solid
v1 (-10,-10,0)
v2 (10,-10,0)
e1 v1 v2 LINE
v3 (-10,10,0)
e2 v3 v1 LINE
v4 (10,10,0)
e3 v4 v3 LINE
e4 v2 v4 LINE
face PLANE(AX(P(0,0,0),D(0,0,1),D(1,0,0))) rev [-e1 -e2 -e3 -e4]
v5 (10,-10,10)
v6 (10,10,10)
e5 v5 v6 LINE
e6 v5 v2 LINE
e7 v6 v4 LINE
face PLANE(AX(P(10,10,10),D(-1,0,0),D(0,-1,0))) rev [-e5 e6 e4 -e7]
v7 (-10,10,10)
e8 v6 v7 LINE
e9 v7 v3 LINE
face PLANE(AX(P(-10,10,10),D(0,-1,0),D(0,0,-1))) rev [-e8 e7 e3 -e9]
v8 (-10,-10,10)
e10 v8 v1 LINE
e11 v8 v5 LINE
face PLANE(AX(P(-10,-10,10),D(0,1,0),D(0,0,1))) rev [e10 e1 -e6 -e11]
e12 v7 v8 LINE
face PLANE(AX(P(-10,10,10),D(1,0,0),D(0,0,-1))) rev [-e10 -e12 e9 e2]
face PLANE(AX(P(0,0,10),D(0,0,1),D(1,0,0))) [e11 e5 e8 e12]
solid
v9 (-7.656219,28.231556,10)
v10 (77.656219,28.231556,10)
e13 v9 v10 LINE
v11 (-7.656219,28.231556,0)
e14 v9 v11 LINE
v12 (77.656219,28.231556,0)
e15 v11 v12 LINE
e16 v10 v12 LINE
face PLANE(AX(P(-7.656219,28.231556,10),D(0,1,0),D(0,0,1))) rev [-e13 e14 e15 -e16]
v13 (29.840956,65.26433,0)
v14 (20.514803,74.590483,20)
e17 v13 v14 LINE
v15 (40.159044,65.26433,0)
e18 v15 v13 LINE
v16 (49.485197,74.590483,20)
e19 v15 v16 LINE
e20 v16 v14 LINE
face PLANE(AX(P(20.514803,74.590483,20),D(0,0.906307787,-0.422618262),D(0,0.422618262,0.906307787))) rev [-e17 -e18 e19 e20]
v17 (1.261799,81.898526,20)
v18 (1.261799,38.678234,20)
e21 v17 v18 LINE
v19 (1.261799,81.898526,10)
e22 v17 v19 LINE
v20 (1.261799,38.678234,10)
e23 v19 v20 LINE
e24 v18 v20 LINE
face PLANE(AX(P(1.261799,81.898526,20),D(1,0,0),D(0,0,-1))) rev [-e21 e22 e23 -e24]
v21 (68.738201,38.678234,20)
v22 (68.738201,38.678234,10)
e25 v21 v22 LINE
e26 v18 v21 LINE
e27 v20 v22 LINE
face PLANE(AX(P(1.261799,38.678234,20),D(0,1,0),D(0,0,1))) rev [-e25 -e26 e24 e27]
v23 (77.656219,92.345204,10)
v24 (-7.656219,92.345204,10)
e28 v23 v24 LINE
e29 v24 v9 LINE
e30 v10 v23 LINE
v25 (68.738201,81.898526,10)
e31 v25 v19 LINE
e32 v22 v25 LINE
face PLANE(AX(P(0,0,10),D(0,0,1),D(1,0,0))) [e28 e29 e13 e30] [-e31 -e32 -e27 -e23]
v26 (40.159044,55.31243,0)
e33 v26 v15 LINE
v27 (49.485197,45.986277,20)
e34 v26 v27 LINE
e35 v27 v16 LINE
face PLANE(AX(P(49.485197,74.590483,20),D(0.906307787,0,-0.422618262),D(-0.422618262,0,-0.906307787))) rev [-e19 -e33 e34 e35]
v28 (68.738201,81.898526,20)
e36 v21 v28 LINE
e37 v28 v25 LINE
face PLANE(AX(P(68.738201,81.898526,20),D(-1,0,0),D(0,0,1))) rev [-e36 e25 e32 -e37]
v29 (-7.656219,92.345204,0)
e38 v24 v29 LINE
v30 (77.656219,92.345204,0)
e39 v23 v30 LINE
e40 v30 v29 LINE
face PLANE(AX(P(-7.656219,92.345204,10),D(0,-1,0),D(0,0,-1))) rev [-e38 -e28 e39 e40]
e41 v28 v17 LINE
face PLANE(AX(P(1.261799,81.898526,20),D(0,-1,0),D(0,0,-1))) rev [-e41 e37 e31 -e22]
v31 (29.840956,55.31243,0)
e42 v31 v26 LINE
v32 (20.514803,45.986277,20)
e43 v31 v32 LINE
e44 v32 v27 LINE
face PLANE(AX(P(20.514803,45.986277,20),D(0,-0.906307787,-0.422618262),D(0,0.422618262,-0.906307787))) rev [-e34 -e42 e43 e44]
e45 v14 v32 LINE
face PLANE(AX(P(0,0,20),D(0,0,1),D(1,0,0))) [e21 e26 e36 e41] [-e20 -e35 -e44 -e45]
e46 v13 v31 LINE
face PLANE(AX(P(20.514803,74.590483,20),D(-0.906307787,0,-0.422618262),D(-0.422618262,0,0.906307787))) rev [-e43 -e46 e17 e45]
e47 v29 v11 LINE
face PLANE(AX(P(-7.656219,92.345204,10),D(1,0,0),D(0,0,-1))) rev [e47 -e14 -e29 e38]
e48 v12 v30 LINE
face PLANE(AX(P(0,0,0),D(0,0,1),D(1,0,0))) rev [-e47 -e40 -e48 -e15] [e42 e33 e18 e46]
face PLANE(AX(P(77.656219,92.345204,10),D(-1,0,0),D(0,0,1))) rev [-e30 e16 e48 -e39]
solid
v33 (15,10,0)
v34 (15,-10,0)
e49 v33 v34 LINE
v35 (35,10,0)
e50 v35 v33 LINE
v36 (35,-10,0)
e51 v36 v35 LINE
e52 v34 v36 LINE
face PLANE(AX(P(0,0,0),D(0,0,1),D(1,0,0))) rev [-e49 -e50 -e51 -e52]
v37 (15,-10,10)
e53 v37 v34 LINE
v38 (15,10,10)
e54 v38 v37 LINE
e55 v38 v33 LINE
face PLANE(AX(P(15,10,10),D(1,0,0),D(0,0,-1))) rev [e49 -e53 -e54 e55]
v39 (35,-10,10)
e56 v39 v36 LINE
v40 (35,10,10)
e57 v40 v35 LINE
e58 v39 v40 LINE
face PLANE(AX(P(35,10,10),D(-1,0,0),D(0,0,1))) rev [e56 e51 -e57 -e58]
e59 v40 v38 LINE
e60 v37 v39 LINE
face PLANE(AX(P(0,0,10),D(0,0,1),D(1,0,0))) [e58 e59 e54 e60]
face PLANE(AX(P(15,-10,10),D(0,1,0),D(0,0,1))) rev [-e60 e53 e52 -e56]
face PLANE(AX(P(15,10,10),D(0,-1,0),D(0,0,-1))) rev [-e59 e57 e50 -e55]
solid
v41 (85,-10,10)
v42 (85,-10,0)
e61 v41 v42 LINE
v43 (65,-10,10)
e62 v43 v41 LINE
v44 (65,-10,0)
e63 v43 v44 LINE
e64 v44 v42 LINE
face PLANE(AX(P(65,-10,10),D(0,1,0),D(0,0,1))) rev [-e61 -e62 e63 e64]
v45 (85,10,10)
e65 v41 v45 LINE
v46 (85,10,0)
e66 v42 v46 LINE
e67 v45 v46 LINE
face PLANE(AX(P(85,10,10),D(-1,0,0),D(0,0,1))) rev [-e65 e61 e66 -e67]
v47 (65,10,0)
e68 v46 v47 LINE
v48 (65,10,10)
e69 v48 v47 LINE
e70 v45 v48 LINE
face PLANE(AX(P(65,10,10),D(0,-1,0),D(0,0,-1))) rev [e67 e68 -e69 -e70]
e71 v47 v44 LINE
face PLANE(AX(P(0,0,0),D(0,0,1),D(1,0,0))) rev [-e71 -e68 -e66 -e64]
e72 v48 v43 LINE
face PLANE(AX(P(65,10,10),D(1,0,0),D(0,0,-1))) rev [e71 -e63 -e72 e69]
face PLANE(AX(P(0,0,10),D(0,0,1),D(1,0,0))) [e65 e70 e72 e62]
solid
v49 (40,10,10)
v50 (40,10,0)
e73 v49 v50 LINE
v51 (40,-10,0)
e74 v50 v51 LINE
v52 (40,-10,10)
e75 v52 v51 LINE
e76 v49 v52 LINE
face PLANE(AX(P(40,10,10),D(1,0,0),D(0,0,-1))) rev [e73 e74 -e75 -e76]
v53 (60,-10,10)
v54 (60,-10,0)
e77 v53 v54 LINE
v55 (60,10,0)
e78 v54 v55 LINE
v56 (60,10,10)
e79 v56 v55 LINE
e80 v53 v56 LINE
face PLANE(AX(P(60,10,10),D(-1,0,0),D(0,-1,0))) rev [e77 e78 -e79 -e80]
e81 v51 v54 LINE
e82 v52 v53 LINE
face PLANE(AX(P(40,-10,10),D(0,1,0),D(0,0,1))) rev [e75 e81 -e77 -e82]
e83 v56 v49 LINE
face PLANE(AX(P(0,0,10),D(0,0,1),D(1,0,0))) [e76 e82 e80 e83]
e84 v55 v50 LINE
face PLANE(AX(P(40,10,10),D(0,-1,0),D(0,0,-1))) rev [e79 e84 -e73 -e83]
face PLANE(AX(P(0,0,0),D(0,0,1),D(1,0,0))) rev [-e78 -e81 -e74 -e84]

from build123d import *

# Parameters (mm, degrees)
SKETCH1_W             = 20
SKETCH1_H             = 20
BOSS_EXTRUDE1_DEPTH   = 10
BOSS_EXTRUDE1_2_DEPTH = 10
BOSS_EXTRUDE1_3_DEPTH = 10
BOSS_EXTRUDE1_4_DEPTH = 10
SKETCH1_W_2           = 85.312438272
SKETCH1_H_2           = 64.113648737
BOSS_EXTRUDE1_5_DEPTH = 10
SKETCH4_W             = 67.476401288
SKETCH4_H             = 43.220291255
BOSS_EXTRUDE2_DEPTH   = 10
SKETCH5_W             = 28.970393718
SKETCH5_H             = 28.604205767
CUT_EXTRUDE1_DEPTH    = 20
CUT_EXTRUDE1_TAPER    = 25


with BuildPart() as part:
    # Sketch1 → Boss-Extrude1 (new body)
    with BuildSketch(Plane.XY):
        with Locations((25, 0)):
            Rectangle(SKETCH1_W, SKETCH1_H)
    extrude(amount=BOSS_EXTRUDE1_DEPTH)


with BuildPart() as body_2:
    # Sketch1 → Boss-Extrude1 2 (new body)
    with BuildSketch(Plane.XY):
        Rectangle(SKETCH1_W, SKETCH1_H)
    extrude(amount=BOSS_EXTRUDE1_2_DEPTH)


with BuildPart() as body_3:
    # Sketch1 → Boss-Extrude1 3 (new body)
    with BuildSketch(Plane.XY):
        with Locations((50, 0)):
            Rectangle(SKETCH1_W, SKETCH1_H)
    extrude(amount=BOSS_EXTRUDE1_3_DEPTH)


with BuildPart() as body_4:
    # Sketch1 → Boss-Extrude1 4 (new body)
    with BuildSketch(Plane.XY):
        with Locations((75, 0)):
            Rectangle(SKETCH1_W, SKETCH1_H)
    extrude(amount=BOSS_EXTRUDE1_4_DEPTH)


with BuildPart() as body_5:
    # Sketch1 → Boss-Extrude1 5 (new body)
    with BuildSketch(Plane.XY):
        with Locations((35, 60.288380117)):
            Rectangle(SKETCH1_W_2, SKETCH1_H_2)
    extrude(amount=BOSS_EXTRUDE1_5_DEPTH)

    # Sketch4 → Boss-Extrude2 (add)
    with BuildSketch(Plane.XY.offset(10)):
        with Locations((35, 60.288380117)):
            Rectangle(SKETCH4_W, SKETCH4_H)
    extrude(amount=BOSS_EXTRUDE2_DEPTH)

    # Sketch5 → Cut-Extrude1 (cut)
    with BuildSketch(Plane.XY.offset(20)):
        with Locations((35, 60.288380118)):
            Rectangle(SKETCH5_W, SKETCH5_H)
    extrude(amount=-CUT_EXTRUDE1_DEPTH, taper=CUT_EXTRUDE1_TAPER, mode=Mode.SUBTRACT)


solid = Compound([part.part, body_2.part, body_3.part, body_4.part, body_5.part])
